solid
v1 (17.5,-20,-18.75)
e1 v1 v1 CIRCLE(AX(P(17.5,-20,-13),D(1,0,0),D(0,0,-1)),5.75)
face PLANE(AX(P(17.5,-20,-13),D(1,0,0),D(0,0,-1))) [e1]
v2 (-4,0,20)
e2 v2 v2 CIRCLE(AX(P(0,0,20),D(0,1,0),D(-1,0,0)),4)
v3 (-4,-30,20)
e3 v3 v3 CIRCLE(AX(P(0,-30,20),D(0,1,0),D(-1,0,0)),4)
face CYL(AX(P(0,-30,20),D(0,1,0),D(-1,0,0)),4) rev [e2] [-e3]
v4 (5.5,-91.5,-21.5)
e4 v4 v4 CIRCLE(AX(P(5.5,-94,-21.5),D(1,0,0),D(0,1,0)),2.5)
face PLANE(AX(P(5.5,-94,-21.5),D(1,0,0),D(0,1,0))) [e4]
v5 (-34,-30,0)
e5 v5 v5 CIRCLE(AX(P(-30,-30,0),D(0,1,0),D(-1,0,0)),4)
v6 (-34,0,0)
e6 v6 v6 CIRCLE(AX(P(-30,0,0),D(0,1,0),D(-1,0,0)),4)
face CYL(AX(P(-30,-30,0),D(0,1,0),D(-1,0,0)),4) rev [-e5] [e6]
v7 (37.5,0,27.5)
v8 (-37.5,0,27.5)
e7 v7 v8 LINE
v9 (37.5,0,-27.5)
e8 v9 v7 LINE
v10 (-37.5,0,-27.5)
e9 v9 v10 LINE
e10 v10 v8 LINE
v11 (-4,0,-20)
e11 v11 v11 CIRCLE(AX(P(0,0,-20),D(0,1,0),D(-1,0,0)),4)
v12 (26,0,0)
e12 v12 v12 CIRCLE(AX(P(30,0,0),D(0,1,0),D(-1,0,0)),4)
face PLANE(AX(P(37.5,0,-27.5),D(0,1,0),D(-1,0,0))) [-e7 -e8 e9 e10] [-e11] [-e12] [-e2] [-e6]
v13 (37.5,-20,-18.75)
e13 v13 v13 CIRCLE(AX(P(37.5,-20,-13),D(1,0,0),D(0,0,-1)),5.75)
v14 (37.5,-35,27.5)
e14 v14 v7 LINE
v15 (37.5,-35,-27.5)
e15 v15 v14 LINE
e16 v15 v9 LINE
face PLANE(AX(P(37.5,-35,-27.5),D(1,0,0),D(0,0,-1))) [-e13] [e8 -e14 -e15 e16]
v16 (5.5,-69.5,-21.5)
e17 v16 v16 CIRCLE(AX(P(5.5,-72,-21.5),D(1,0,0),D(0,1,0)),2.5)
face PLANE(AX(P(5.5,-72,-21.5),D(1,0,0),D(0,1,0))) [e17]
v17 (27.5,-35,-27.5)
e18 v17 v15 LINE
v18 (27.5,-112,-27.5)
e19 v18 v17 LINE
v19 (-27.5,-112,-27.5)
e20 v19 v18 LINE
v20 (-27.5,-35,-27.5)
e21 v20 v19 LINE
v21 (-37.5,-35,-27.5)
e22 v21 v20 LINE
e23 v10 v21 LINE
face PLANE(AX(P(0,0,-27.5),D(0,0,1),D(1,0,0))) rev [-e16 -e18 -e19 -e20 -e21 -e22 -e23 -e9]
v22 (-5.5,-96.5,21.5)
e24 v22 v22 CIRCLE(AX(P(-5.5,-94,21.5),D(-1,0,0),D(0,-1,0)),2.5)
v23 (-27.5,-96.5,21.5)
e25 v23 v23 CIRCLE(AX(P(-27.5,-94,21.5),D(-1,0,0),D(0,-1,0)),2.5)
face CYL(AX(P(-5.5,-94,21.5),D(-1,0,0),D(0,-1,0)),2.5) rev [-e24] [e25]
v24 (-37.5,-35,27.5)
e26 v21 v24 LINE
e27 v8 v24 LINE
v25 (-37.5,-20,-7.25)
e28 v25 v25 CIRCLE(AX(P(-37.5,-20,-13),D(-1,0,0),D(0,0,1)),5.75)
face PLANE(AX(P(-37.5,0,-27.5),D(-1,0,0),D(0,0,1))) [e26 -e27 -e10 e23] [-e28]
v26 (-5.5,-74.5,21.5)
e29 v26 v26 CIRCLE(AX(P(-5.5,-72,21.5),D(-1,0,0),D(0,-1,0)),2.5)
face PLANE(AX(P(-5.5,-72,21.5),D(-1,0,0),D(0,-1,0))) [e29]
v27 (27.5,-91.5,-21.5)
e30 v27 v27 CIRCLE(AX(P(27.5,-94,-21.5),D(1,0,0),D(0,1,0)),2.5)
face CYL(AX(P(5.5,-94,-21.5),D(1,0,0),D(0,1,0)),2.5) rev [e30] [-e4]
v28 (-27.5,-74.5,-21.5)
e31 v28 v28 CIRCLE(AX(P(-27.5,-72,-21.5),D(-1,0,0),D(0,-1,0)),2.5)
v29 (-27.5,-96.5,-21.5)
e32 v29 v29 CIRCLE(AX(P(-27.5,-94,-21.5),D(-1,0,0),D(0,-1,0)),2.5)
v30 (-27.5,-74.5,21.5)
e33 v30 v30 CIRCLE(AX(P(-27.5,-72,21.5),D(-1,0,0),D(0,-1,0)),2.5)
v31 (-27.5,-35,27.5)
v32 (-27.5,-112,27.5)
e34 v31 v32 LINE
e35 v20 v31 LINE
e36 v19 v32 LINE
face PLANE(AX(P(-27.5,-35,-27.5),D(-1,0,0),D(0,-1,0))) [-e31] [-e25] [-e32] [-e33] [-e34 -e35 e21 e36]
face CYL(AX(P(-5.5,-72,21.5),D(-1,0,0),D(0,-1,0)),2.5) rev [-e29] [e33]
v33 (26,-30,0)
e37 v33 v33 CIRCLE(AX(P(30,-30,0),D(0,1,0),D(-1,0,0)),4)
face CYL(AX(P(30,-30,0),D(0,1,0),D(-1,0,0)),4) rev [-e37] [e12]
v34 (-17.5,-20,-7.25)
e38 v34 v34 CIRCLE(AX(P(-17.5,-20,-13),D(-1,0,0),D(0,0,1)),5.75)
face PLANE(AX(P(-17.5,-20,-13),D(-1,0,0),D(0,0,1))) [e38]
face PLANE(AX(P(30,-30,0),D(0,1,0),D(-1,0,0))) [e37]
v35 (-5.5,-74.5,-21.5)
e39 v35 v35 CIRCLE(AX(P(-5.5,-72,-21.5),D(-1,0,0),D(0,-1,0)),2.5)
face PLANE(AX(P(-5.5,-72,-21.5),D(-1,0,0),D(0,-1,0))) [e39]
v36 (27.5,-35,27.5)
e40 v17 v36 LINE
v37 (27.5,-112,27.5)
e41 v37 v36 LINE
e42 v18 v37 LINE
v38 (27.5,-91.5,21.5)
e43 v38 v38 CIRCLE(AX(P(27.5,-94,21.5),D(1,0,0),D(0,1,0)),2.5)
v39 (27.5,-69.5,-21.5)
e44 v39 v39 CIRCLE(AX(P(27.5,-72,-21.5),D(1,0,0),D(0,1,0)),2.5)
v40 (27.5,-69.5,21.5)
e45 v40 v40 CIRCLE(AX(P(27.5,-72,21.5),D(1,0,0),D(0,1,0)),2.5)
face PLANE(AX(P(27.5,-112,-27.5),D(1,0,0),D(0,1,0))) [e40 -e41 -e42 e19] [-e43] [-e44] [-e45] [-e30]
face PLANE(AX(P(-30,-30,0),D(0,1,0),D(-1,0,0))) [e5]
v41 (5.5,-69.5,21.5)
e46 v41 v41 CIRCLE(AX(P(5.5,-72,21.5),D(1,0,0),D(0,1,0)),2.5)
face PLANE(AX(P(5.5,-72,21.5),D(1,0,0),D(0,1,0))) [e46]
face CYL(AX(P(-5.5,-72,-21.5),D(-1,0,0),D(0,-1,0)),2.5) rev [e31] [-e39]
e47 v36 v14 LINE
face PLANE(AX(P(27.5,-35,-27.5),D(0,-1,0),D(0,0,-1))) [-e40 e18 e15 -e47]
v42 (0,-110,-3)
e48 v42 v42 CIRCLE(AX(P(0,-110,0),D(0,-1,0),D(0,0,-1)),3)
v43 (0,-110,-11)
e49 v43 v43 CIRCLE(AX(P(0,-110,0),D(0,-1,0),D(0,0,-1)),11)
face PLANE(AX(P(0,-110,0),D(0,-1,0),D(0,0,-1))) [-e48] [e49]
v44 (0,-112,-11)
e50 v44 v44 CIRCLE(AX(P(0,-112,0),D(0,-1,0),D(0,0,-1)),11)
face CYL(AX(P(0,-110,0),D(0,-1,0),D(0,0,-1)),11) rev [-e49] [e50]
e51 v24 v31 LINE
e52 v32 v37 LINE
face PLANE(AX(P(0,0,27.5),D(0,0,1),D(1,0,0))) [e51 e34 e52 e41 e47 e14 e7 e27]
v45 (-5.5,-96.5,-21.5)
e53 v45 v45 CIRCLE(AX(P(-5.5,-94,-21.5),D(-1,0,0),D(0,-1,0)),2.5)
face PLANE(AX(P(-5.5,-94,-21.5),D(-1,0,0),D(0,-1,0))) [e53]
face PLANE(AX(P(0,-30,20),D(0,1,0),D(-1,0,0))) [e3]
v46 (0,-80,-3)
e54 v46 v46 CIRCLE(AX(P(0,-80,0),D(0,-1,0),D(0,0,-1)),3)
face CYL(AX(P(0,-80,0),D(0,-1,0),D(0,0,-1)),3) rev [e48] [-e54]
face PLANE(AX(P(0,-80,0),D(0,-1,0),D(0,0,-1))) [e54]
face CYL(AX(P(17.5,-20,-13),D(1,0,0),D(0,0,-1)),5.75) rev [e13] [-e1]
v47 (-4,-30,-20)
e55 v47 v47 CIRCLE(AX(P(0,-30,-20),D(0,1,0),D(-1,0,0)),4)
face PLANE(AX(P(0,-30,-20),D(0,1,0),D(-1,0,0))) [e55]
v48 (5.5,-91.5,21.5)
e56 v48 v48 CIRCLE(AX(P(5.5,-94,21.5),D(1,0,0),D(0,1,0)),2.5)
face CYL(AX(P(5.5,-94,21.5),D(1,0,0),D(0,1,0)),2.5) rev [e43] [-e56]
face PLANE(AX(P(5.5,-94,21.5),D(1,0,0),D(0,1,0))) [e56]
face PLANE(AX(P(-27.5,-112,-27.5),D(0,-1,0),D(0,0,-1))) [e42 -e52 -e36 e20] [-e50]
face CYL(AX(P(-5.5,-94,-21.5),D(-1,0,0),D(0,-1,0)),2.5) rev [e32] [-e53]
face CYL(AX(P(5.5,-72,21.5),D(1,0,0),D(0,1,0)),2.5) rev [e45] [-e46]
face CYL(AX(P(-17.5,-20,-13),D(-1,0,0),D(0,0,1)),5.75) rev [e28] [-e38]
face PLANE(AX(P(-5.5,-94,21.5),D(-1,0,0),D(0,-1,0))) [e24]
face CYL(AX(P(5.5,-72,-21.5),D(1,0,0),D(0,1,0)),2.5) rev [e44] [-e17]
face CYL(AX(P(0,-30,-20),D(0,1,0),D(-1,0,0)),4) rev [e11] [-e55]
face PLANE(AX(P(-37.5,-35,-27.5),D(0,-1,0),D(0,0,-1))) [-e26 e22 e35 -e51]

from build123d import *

# Parameters (mm, degrees)
SALIENTE_EXTRUIR1_DEPTH      = 27.5
SALIENTE_EXTRUIR1_DEPTH_BACK = 27.5
CROQUIS2_R                   = 4
CORTAR_EXTRUIR1_DEPTH        = 30
CROQUIS3_R                   = 2.5
CORTAR_EXTRUIR2_DEPTH        = 22
CORTAR_EXTRUIR3_START        = -22
CROQUIS4_R                   = 2.5
CORTAR_EXTRUIR3_DEPTH        = 22
CROQUIS5_R                   = 11
CORTAR_EXTRUIR4_DEPTH        = 2
CROQUIS6_R                   = 5.75
CORTAR_EXTRUIR5_DEPTH        = 20
CORTAR_EXTRUIR6_START        = -20
CROQUIS7_R                   = 5.75
CORTAR_EXTRUIR6_DEPTH        = 20
CROQUIS8_R                   = 3
CORTAR_EXTRUIR7_DEPTH        = 30


with BuildPart() as part:
    # Croquis1 → Saliente-Extruir1 (new, two sides: drawn at the far end of the back side and taken through both)
    with BuildSketch(Plane.XY.offset(-SALIENTE_EXTRUIR1_DEPTH_BACK)):
        Polygon((37.5, 0), (-37.5, 0), (-37.5, -35), (-27.5, -35), (-27.5, -112), (27.5, -112), (27.5, -35), (37.5, -35), align=None)
    extrude(amount=SALIENTE_EXTRUIR1_DEPTH + SALIENTE_EXTRUIR1_DEPTH_BACK)

    # Croquis2 → Cortar-Extruir1 (cut)
    with BuildSketch(Plane(origin=(0, 0, 0), x_dir=(1, 0, 0), z_dir=(0, 1, 0))):
        with Locations((-30, 0)):
            Circle(CROQUIS2_R)
        with Locations((0, 20)):
            Circle(CROQUIS2_R)
        with Locations((30, 0)):
            Circle(CROQUIS2_R)
        with Locations((0, -20)):
            Circle(CROQUIS2_R)
    extrude(amount=-CORTAR_EXTRUIR1_DEPTH, mode=Mode.SUBTRACT)

    # Croquis3 → Cortar-Extruir2 (cut)
    with BuildSketch(Plane(origin=(27.5, 0, 0), x_dir=(0, 0, -1), z_dir=(1, 0, 0))):
        with Locations((-21.5, -94)):
            Circle(CROQUIS3_R)
        with Locations((-21.5, -72)):
            Circle(CROQUIS3_R)
        with Locations((21.5, -72)):
            Circle(CROQUIS3_R)
        with Locations((21.5, -94)):
            Circle(CROQUIS3_R)
    extrude(amount=-CORTAR_EXTRUIR2_DEPTH, mode=Mode.SUBTRACT)

    # Croquis4 → Cortar-Extruir3 (cut)
    with BuildSketch(Plane.ZY.offset(27.5).offset(CORTAR_EXTRUIR3_START)):
        with Locations((-21.5, -94)):
            Circle(CROQUIS4_R)
        with Locations((-21.5, -72)):
            Circle(CROQUIS4_R)
        with Locations((21.5, -72)):
            Circle(CROQUIS4_R)
        with Locations((21.5, -94)):
            Circle(CROQUIS4_R)
    extrude(amount=CORTAR_EXTRUIR3_DEPTH, mode=Mode.SUBTRACT)

    # Croquis5 → Cortar-Extruir4 (cut)
    with BuildSketch(Plane.XZ.offset(112)):
        Circle(CROQUIS5_R)
    extrude(amount=-CORTAR_EXTRUIR4_DEPTH, mode=Mode.SUBTRACT)

    # Croquis6 → Cortar-Extruir5 (cut)
    with BuildSketch(Plane(origin=(37.5, 0, 0), x_dir=(0, 0, -1), z_dir=(1, 0, 0))):
        with Locations((13, -20)):
            Circle(CROQUIS6_R)
    extrude(amount=-CORTAR_EXTRUIR5_DEPTH, mode=Mode.SUBTRACT)

    # Croquis7 → Cortar-Extruir6 (cut)
    with BuildSketch(Plane.ZY.offset(37.5).offset(CORTAR_EXTRUIR6_START)):
        with Locations((-13, -20)):
            Circle(CROQUIS7_R)
    extrude(amount=CORTAR_EXTRUIR6_DEPTH, mode=Mode.SUBTRACT)

    # Croquis8 → Cortar-Extruir7 (cut)
    with BuildSketch(Plane.XZ.offset(110)):
        Circle(CROQUIS8_R)
    extrude(amount=-CORTAR_EXTRUIR7_DEPTH, mode=Mode.SUBTRACT)


solid = part.part
